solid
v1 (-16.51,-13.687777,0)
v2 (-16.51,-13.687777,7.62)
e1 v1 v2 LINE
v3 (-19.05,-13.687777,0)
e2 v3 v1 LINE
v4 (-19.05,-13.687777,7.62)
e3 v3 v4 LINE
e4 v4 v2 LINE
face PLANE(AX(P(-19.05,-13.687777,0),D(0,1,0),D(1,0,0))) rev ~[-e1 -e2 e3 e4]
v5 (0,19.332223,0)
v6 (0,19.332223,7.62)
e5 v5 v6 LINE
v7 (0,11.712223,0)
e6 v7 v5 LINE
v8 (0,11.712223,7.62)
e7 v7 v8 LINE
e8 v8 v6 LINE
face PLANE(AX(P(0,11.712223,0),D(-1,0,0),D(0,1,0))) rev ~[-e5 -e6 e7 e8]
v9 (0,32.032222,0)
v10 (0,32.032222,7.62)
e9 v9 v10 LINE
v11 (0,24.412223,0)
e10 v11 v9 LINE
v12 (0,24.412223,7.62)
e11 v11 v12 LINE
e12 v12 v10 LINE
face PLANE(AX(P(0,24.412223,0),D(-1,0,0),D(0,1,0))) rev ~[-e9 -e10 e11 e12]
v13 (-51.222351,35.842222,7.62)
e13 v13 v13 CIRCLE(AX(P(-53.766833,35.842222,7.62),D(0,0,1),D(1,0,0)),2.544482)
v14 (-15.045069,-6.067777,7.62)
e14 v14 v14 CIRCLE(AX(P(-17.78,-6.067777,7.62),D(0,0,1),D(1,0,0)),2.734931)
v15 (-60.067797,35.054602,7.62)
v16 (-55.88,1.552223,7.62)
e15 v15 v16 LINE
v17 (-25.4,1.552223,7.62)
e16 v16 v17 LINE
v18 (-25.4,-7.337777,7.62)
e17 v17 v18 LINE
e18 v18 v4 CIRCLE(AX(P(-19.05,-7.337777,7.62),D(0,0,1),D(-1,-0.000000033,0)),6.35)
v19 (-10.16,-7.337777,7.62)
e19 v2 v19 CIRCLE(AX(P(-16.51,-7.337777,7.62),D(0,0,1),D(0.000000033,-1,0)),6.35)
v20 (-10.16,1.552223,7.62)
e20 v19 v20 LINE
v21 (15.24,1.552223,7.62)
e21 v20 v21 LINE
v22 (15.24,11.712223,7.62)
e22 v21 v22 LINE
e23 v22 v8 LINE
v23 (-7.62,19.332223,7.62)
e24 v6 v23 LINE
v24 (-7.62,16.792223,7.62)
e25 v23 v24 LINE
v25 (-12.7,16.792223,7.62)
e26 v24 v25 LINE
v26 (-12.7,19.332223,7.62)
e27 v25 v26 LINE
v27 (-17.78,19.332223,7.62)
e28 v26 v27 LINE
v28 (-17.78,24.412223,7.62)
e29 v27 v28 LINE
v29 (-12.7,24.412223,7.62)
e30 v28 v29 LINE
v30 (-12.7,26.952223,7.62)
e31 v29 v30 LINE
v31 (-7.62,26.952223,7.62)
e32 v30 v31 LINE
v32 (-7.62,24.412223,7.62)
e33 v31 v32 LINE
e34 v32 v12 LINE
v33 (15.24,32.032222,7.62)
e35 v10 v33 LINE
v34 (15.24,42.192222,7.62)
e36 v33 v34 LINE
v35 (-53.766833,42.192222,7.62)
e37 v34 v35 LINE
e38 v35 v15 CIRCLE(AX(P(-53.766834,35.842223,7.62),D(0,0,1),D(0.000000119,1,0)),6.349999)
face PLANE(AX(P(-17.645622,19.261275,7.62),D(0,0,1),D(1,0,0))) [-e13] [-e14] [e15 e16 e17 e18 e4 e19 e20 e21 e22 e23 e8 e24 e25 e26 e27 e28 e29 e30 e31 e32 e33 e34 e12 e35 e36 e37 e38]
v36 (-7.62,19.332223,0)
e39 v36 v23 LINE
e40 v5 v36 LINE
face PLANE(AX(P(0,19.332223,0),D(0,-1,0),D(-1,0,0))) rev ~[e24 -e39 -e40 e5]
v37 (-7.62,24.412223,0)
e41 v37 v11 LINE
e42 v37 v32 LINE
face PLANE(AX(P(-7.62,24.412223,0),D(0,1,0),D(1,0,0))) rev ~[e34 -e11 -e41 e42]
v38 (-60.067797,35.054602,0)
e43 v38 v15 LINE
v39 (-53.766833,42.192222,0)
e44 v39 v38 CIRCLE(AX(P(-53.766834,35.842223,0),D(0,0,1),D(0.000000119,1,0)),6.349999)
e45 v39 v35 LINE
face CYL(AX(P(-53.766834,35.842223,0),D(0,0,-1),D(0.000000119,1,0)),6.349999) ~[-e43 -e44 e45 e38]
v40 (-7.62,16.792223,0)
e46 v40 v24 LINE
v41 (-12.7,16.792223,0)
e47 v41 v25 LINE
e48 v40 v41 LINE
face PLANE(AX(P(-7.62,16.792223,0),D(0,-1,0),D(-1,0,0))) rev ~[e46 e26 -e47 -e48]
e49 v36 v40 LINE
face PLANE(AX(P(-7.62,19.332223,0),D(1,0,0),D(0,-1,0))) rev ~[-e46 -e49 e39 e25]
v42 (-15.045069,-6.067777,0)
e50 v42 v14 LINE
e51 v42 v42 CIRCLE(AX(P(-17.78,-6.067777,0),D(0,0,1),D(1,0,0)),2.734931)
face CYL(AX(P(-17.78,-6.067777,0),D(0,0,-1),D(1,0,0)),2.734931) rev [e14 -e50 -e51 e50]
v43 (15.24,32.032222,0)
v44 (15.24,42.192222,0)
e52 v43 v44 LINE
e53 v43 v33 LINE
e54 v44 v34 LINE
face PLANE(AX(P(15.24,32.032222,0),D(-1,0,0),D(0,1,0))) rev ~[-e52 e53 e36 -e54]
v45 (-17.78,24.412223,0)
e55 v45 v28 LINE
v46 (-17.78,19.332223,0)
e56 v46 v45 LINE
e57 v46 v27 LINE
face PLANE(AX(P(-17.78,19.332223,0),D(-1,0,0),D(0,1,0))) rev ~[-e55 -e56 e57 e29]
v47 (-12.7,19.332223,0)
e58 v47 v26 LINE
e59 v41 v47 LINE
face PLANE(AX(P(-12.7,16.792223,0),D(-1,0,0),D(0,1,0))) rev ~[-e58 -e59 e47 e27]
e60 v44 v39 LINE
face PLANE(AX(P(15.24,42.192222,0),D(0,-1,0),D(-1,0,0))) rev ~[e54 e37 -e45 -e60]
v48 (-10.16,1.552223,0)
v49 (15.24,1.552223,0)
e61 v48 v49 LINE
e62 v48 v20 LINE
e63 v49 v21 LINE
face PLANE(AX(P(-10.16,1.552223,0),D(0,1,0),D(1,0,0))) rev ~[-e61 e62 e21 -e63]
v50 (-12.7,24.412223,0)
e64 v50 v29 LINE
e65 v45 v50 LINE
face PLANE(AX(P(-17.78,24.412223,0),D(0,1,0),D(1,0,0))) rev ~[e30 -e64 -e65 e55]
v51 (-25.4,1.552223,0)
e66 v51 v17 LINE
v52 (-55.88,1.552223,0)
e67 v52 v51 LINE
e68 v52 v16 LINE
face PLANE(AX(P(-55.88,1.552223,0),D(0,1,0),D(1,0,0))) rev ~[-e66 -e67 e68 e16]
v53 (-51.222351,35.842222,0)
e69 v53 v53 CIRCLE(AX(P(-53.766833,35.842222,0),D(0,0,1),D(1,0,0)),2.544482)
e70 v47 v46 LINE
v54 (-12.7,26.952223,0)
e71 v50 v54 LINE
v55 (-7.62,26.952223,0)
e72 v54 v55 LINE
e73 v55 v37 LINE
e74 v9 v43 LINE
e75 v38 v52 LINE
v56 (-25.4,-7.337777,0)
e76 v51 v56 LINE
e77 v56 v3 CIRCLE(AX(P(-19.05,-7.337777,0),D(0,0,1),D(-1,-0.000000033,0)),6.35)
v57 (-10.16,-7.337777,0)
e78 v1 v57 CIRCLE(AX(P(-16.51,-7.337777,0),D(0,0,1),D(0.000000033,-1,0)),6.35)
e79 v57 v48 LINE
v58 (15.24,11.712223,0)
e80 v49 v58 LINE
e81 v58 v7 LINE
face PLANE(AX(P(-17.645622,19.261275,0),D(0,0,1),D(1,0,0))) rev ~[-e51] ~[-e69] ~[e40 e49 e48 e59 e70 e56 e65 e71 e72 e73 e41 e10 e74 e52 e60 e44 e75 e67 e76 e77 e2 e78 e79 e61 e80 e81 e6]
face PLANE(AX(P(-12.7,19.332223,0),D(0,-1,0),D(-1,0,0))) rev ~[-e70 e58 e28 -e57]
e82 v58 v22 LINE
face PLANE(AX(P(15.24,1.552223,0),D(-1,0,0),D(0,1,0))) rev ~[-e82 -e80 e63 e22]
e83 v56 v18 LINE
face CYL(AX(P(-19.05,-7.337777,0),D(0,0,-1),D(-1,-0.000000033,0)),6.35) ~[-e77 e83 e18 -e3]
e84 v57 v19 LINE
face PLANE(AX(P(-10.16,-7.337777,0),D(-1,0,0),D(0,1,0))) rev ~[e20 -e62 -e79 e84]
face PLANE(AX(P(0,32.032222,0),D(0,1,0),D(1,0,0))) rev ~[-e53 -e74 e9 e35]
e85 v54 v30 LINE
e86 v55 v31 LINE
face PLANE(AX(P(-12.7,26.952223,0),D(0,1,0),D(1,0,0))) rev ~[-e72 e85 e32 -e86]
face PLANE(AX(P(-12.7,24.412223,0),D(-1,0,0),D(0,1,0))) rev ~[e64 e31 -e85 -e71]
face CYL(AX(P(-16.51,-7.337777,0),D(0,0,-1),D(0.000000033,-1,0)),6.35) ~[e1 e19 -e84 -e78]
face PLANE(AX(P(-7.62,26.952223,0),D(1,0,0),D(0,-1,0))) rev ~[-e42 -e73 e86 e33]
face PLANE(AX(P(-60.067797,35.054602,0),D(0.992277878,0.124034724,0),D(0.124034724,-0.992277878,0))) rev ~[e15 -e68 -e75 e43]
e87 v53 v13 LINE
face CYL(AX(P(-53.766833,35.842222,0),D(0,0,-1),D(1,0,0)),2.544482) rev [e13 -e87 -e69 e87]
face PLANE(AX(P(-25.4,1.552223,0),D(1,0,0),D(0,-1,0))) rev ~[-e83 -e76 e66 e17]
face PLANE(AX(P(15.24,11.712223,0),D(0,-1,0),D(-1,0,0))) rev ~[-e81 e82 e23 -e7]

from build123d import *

# Parameters (mm, degrees)
F0_R     = 2.734931
F0_R_2   = 2.544482
F1_DEPTH = 7.62


with BuildPart() as f1:
    # F0 (on Top) → F1 (new body)
    with BuildSketch(Plane.XY):
        with BuildLine():
            Line((15.24, 42.192222), (-53.766833, 42.192222))
            ThreePointArc((-53.766833, 42.192222), (-58.527289, 40.044669), (-60.067797, 35.054602))
            Line((-60.067797, 35.054602), (-55.88, 1.552223))
            Line((-55.88, 1.552223), (-25.4, 1.552223))
            Line((-25.4, 1.552223), (-25.4, -7.337777))
            ThreePointArc((-25.4, -7.337777), (-23.540128, -11.827905), (-19.05, -13.687777))
            Line((-19.05, -13.687777), (-16.51, -13.687777))
            ThreePointArc((-16.51, -13.687777), (-12.019872, -11.827905), (-10.16, -7.337777))
            Line((-10.16, -7.337777), (-10.16, 1.552223))
            Line((-10.16, 1.552223), (15.24, 1.552223))
            Line((15.24, 1.552223), (15.24, 11.712223))
            Line((15.24, 11.712223), (0, 11.712223))
            Line((0, 11.712223), (0, 19.332223))
            Line((0, 19.332223), (-7.62, 19.332223))
            Line((-7.62, 19.332223), (-7.62, 16.792223))
            Line((-7.62, 16.792223), (-12.7, 16.792223))
            Line((-12.7, 16.792223), (-12.7, 19.332223))
            Line((-12.7, 19.332223), (-17.78, 19.332223))
            Line((-17.78, 19.332223), (-17.78, 24.412223))
            Line((-17.78, 24.412223), (-12.7, 24.412223))
            Line((-12.7, 24.412223), (-12.7, 26.952223))
            Line((-12.7, 26.952223), (-7.62, 26.952223))
            Line((-7.62, 26.952223), (-7.62, 24.412223))
            Line((-7.62, 24.412223), (0, 24.412223))
            Line((0, 24.412223), (0, 32.032222))
            Line((0, 32.032222), (15.24, 32.032222))
            Line((15.24, 32.032222), (15.24, 42.192222))
        make_face()
        with Locations((-17.78, -6.067777)):
            Circle(F0_R, mode=Mode.SUBTRACT)
        with Locations((-53.766833, 35.842222)):
            Circle(F0_R_2, mode=Mode.SUBTRACT)
    extrude(amount=F1_DEPTH)


solid = f1.part
